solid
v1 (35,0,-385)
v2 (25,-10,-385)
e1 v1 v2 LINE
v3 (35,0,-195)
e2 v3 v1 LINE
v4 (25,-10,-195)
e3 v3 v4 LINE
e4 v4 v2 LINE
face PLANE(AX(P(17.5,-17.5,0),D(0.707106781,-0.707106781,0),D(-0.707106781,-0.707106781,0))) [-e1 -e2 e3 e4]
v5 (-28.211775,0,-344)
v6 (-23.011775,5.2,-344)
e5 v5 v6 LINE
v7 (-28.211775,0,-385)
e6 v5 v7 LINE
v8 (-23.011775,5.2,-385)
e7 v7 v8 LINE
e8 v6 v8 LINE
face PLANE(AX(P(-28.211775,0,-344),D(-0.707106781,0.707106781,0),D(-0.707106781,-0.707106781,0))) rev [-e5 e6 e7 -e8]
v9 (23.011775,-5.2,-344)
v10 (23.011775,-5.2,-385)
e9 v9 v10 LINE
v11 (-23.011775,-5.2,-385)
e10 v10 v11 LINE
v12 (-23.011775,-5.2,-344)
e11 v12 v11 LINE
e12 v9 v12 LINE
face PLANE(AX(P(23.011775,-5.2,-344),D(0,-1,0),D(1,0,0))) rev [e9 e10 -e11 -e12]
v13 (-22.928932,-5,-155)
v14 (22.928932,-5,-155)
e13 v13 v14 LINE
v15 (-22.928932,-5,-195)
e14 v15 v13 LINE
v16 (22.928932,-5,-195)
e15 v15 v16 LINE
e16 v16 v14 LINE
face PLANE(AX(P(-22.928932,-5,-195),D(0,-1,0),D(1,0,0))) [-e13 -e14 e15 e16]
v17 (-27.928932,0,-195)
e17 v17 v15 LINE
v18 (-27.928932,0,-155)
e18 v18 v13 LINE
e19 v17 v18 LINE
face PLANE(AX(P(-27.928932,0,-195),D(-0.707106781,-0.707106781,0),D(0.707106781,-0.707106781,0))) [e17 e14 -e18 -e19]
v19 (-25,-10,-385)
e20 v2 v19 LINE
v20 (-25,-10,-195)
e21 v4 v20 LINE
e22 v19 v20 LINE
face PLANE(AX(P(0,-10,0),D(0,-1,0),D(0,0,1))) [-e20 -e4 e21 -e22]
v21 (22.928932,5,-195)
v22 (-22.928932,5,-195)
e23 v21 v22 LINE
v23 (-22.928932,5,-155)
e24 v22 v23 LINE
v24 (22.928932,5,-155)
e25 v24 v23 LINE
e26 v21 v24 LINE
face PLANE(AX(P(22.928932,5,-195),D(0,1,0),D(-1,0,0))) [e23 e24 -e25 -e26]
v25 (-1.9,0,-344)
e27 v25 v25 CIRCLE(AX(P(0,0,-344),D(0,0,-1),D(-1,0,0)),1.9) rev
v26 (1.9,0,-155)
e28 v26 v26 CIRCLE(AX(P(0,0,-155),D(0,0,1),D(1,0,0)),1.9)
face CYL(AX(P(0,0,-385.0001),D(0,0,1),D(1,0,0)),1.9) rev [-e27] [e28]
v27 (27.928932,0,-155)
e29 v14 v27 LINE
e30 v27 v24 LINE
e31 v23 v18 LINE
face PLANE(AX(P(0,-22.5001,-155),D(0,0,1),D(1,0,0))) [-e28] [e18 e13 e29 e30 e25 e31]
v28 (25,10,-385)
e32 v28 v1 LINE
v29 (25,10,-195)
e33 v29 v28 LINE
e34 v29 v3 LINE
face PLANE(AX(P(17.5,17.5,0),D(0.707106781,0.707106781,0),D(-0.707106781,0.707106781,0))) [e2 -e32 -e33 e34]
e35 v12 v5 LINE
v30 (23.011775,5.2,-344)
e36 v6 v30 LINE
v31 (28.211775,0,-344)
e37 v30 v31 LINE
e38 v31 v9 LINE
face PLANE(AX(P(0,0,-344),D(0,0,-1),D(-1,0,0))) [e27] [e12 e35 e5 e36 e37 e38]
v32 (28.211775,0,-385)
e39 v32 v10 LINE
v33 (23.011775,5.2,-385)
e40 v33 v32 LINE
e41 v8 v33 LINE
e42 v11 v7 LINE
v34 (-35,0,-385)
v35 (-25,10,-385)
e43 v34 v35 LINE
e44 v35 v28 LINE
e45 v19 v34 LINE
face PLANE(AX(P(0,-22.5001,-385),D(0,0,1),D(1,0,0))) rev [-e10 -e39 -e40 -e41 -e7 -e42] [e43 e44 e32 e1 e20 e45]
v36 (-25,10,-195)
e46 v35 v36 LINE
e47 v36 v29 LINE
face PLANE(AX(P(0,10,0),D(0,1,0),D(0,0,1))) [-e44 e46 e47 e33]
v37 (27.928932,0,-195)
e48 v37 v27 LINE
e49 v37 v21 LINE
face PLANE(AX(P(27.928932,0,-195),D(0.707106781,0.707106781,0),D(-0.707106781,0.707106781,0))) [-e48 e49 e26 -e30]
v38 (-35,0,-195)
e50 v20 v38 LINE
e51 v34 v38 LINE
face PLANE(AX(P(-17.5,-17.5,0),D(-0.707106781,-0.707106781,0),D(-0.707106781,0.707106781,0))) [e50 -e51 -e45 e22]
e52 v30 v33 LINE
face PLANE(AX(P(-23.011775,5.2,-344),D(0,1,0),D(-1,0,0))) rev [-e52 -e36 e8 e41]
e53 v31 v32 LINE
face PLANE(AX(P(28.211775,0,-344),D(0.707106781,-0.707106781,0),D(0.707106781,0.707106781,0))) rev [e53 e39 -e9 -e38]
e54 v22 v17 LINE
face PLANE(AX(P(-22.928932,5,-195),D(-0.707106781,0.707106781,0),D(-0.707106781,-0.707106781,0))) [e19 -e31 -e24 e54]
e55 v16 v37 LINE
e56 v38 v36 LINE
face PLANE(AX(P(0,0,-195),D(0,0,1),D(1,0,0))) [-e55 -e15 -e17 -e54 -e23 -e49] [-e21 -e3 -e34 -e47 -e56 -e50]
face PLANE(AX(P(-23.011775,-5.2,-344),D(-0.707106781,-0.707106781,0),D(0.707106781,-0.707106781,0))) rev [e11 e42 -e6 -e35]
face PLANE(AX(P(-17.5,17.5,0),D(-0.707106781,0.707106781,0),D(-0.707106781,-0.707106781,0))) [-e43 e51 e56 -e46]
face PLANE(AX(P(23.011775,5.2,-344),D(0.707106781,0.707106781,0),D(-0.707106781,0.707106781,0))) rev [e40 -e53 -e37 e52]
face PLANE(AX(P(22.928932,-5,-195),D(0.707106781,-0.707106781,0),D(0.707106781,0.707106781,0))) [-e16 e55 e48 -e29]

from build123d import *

# Parameters (mm, degrees)
EXTRUDE_1_DEPTH          = 18
CHAMFER_1_SIZE           = 5
CHAMFER_2_SIZE           = 5
CUT_EXTRUDE_1_DEPTH      = 8
EXTRUDE_2_REACH          = 696.741
EXTRUDE_2_END_RADIUS     = 240
EXTRUDE_3_DEPTH          = 5
EXTRUDE_4_REACH          = 929.644
EXTRUDE_4_END_RADIUS     = 232
SKETCH_10_R              = 12
CUT_EXTRUDE_7_DEPTH      = 695.872110635
CUT_EXTRUDE_7_DEPTH_BACK = 695.872110635
SKETCH_16_OUTSIDE_W      = 362.68
SKETCH_16_OUTSIDE_H      = 1204.68
SKETCH_16_OUTSIDE_W_2    = 100
SKETCH_16_OUTSIDE_H_2    = 230
SKETCH_21_R              = 1.9
CUT_EXTRUDE_17_DEPTH     = 233.862620444
SKETCH_34_OUTSIDE_W      = 120.25
SKETCH_34_OUTSIDE_H      = 70.25
CUT_EXTRUDE_18_DEPTH     = 40
CUT_EXTRUDE_19_DEPTH     = 41


with BuildPart() as part:
    # 草图4 → 放样1 section 0
    with BuildSketch(Plane(origin=(0, 10, 0), x_dir=(1, 0, 0), z_dir=(0, 1, 0))):
        with BuildLine():
            Line((25, 0), (-25, 0))
            Line((-25, 0), (-25, 630))
            Line((-25, 630), (0, 672.857142857))
            Line((0, 672.857142857), (25, 630))
            Line((25, 630), (25, 0))
        make_face()
    # 草图1 → 放样1 section 1
    with BuildSketch(Plane(origin=(0, 0, 0), x_dir=(1, 0, 0), z_dir=(0, 1, 0))):
        with BuildLine():
            Line((-35, 0), (35, 0))
            Line((35, 0), (35, 630))
            Line((35, 630), (0, 690))
            Line((0, 690), (-35, 630))
            Line((-35, 630), (-35, 0))
        make_face()
    loft_1 = loft()

    # 镜向1: 放样1 across plane
    add(loft_1.mirror(Plane.ZX))



with BuildPart() as body_2:
    # 草图5 → 凸台-拉伸1 (new, symmetric)
    with BuildSketch(Plane(origin=(0, 0, 0), x_dir=(1, 0, 0), z_dir=(0, 1, 0))):
        with BuildLine():
            ThreePointArc((-66.346774613, -65.189169183), (0, -55.5), (66.346774613, -65.189169183))
            ThreePointArc((66.346774613, -65.189169183), (73.061224406, -64.270510235), (76.791165228, -58.612302768))
            ThreePointArc((76.791165228, -58.612302768), (79, -30.5), (76.791165228, -2.387697232))
            ThreePointArc((76.791165228, -2.387697232), (0, -15.004503167), (-76.791165228, -2.387697232))
            ThreePointArc((-76.791165228, -2.387697232), (-79, -30.5), (-76.791165228, -58.612302768))
            ThreePointArc((-76.791165228, -58.612302768), (-73.061224406, -64.270510235), (-66.346774613, -65.189169183))
        make_face()
    extrude(amount=EXTRUDE_1_DEPTH, both=True)

    # 倒角1
    chamfer_1_edges = [body_2.edges().sort_by_distance(p)[0] for p in [
        (0, 18, 15.004503167),
        (-79, 18, 30.5),
        (-73.061224406, 18, 64.270510235),
        (0, 18, 55.5),
        (73.061224406, 18, 64.270510235),
        (0, -18, 55.5),
        (-73.061224406, -18, 64.270510235),
        (-79, -18, 30.5),
        (79, -18, 30.5),
        (73.061224406, -18, 64.270510235),
        (79, 18, 30.5),
    ]]
    chamfer(chamfer_1_edges, length=CHAMFER_1_SIZE)

    # 倒角2
    chamfer_2_edges = [body_2.edges().sort_by_distance(p)[0] for p in [
        (0, -18, 15.004503167),
    ]]
    chamfer(chamfer_2_edges, length=CHAMFER_2_SIZE)

    # 草图6 → 切除-拉伸1 (cut)
    with BuildSketch(Plane(origin=(0, 18, 0), x_dir=(1, 0, 0), z_dir=(0, 1, 0))):
        with BuildLine():
            ThreePointArc((67.221840199, -55.023712607), (68.932610365, -35.286223394), (68.335500378, -15.483731767))
            ThreePointArc((68.335500378, -15.483731767), (0, -25.004503167), (-68.335500378, -15.483731767))
            ThreePointArc((-68.335500378, -15.483731767), (-68.932610365, -35.286223394), (-67.221840199, -55.023712607))
            ThreePointArc((-67.221840199, -55.023712607), (0, -45.5), (67.221840199, -55.023712607))
        make_face()
    cut_extrude_1 = extrude(amount=-CUT_EXTRUDE_1_DEPTH, mode=Mode.SUBTRACT)

    # 镜向2: 切除-拉伸1 across plane
    add(cut_extrude_1.mirror(Plane.ZX), mode=Mode.SUBTRACT)


with BuildPart() as part_1:
    add(part.part)

    add(body_2.part)  # 凸台-拉伸2 merges body 2
    # 凸台-拉伸2: up to this cylinder (the profile starts inside it)
    extrude_2_end = Plane(origin=(0, 0, -224.995496833), z_dir=(0, -1, 0)) * Cylinder(EXTRUDE_2_END_RADIUS, 1874.482, mode=Mode.PRIVATE)
    # 草图7 → 凸台-拉伸2 (add, up to the surface)
    with BuildSketch(Plane.XY, mode=Mode.PRIVATE) as extrude_2_sk1:
        Polygon((-25.828427125, 12), (-37.828427125, 0), (-25.828427125, -12), (25.828427125, -12), (37.828427125, 0), (25.828427125, 12), align=None)
    extrude_2_tool1 = extrude(extrude_2_sk1.sketch, amount=EXTRUDE_2_REACH, mode=Mode.PRIVATE) & extrude_2_end
    add(extrude_2_tool1.solids().sort_by_distance((0, 0, 0))[0])

    # 草图8 → 凸台-拉伸3 (add)
    with BuildSketch(Plane(origin=(0, 0, 0), x_dir=(-1, 0, 0), z_dir=(0, 0, -1))):
        Polygon((25.828427125, 12), (-25.828427125, 12), (-37.828427125, 0), (-25.828427125, -12), (25.828427125, -12), (37.828427125, 0), align=None)
    extrude(amount=EXTRUDE_3_DEPTH)



with BuildPart() as body_2_2:
    # 草图9 → 旋转1 (revolve)
    with BuildSketch(Plane(origin=(0, 0, 0), x_dir=(1, 0, 0), z_dir=(0, 1, 0))):
        Polygon((0, -310), (0, -234), (-12, -234), (-22.5, -256), align=None)
    revolve(axis=Axis((0, 0, -690), (0, 0, 1)))


with BuildPart() as part_2:
    add(part_1.part)

    add(body_2_2.part)  # 凸台-拉伸4 merges body 2 2
    # 凸台-拉伸4: up to this cylinder (the profile starts inside it)
    extrude_4_end = Plane(origin=(0, 0, 287.5), z_dir=(0, -1, 0)) * Cylinder(EXTRUDE_4_END_RADIUS, 2324.288, mode=Mode.PRIVATE)
    # 草图10 → 凸台-拉伸4 (add, up to the surface)
    with BuildSketch(Plane(origin=(0, 0, 234), x_dir=(-1, 0, 0), z_dir=(0, 0, -1)), mode=Mode.PRIVATE) as extrude_4_sk1:
        with Locations(Location((0, 0, 0), (0, 0, 90))):
            Circle(SKETCH_10_R)
    extrude_4_tool1 = extrude(extrude_4_sk1.sketch, amount=EXTRUDE_4_REACH, mode=Mode.PRIVATE) & extrude_4_end
    add(extrude_4_tool1.solids().sort_by_distance((0, 0, 234))[0])

    # 草图16 outside → 切除-拉伸7 (cut, two sides: drawn at the far end of the back side and taken through both)
    with BuildSketch(Plane(origin=(0, 0, 0), x_dir=(1, 0, 0), z_dir=(0, 1, 0)).offset(-CUT_EXTRUDE_7_DEPTH_BACK)):
        with Locations((0, 190)):
            Rectangle(SKETCH_16_OUTSIDE_W, SKETCH_16_OUTSIDE_H)
        with Locations((0, 270)):
            Rectangle(SKETCH_16_OUTSIDE_W_2, SKETCH_16_OUTSIDE_H_2, mode=Mode.SUBTRACT)
    extrude(amount=CUT_EXTRUDE_7_DEPTH + CUT_EXTRUDE_7_DEPTH_BACK, mode=Mode.SUBTRACT)

    # 草图21 → 切除-拉伸17 (cut, through all)
    with BuildSketch(Plane.XY.offset(-155)):
        Circle(SKETCH_21_R)
    extrude(amount=-CUT_EXTRUDE_17_DEPTH, mode=Mode.SUBTRACT)

    # 草图34 outside → 切除-拉伸18 (cut)
    with BuildSketch(Plane.XY.offset(-155)):
        Rectangle(SKETCH_34_OUTSIDE_W, SKETCH_34_OUTSIDE_H)
        Polygon((-22.928932188, -5), (22.928932188, -5), (27.928932188, 0), (22.928932188, 5), (-22.928932188, 5), (-27.928932188, 0), align=None, mode=Mode.SUBTRACT)
    extrude(amount=-CUT_EXTRUDE_18_DEPTH, mode=Mode.SUBTRACT)

    # 草图35 → 切除-拉伸19 (cut)
    with BuildSketch(Plane(origin=(0, 0, -385), x_dir=(-1, 0, 0), z_dir=(0, 0, -1))):
        Polygon((-28.211774901, 0), (-23.011774901, -5.2), (23.011774901, -5.2), (28.211774901, 0), (23.011774901, 5.2), (-23.011774901, 5.2), align=None)
    extrude(amount=-CUT_EXTRUDE_19_DEPTH, mode=Mode.SUBTRACT)


solid = part_2.part
